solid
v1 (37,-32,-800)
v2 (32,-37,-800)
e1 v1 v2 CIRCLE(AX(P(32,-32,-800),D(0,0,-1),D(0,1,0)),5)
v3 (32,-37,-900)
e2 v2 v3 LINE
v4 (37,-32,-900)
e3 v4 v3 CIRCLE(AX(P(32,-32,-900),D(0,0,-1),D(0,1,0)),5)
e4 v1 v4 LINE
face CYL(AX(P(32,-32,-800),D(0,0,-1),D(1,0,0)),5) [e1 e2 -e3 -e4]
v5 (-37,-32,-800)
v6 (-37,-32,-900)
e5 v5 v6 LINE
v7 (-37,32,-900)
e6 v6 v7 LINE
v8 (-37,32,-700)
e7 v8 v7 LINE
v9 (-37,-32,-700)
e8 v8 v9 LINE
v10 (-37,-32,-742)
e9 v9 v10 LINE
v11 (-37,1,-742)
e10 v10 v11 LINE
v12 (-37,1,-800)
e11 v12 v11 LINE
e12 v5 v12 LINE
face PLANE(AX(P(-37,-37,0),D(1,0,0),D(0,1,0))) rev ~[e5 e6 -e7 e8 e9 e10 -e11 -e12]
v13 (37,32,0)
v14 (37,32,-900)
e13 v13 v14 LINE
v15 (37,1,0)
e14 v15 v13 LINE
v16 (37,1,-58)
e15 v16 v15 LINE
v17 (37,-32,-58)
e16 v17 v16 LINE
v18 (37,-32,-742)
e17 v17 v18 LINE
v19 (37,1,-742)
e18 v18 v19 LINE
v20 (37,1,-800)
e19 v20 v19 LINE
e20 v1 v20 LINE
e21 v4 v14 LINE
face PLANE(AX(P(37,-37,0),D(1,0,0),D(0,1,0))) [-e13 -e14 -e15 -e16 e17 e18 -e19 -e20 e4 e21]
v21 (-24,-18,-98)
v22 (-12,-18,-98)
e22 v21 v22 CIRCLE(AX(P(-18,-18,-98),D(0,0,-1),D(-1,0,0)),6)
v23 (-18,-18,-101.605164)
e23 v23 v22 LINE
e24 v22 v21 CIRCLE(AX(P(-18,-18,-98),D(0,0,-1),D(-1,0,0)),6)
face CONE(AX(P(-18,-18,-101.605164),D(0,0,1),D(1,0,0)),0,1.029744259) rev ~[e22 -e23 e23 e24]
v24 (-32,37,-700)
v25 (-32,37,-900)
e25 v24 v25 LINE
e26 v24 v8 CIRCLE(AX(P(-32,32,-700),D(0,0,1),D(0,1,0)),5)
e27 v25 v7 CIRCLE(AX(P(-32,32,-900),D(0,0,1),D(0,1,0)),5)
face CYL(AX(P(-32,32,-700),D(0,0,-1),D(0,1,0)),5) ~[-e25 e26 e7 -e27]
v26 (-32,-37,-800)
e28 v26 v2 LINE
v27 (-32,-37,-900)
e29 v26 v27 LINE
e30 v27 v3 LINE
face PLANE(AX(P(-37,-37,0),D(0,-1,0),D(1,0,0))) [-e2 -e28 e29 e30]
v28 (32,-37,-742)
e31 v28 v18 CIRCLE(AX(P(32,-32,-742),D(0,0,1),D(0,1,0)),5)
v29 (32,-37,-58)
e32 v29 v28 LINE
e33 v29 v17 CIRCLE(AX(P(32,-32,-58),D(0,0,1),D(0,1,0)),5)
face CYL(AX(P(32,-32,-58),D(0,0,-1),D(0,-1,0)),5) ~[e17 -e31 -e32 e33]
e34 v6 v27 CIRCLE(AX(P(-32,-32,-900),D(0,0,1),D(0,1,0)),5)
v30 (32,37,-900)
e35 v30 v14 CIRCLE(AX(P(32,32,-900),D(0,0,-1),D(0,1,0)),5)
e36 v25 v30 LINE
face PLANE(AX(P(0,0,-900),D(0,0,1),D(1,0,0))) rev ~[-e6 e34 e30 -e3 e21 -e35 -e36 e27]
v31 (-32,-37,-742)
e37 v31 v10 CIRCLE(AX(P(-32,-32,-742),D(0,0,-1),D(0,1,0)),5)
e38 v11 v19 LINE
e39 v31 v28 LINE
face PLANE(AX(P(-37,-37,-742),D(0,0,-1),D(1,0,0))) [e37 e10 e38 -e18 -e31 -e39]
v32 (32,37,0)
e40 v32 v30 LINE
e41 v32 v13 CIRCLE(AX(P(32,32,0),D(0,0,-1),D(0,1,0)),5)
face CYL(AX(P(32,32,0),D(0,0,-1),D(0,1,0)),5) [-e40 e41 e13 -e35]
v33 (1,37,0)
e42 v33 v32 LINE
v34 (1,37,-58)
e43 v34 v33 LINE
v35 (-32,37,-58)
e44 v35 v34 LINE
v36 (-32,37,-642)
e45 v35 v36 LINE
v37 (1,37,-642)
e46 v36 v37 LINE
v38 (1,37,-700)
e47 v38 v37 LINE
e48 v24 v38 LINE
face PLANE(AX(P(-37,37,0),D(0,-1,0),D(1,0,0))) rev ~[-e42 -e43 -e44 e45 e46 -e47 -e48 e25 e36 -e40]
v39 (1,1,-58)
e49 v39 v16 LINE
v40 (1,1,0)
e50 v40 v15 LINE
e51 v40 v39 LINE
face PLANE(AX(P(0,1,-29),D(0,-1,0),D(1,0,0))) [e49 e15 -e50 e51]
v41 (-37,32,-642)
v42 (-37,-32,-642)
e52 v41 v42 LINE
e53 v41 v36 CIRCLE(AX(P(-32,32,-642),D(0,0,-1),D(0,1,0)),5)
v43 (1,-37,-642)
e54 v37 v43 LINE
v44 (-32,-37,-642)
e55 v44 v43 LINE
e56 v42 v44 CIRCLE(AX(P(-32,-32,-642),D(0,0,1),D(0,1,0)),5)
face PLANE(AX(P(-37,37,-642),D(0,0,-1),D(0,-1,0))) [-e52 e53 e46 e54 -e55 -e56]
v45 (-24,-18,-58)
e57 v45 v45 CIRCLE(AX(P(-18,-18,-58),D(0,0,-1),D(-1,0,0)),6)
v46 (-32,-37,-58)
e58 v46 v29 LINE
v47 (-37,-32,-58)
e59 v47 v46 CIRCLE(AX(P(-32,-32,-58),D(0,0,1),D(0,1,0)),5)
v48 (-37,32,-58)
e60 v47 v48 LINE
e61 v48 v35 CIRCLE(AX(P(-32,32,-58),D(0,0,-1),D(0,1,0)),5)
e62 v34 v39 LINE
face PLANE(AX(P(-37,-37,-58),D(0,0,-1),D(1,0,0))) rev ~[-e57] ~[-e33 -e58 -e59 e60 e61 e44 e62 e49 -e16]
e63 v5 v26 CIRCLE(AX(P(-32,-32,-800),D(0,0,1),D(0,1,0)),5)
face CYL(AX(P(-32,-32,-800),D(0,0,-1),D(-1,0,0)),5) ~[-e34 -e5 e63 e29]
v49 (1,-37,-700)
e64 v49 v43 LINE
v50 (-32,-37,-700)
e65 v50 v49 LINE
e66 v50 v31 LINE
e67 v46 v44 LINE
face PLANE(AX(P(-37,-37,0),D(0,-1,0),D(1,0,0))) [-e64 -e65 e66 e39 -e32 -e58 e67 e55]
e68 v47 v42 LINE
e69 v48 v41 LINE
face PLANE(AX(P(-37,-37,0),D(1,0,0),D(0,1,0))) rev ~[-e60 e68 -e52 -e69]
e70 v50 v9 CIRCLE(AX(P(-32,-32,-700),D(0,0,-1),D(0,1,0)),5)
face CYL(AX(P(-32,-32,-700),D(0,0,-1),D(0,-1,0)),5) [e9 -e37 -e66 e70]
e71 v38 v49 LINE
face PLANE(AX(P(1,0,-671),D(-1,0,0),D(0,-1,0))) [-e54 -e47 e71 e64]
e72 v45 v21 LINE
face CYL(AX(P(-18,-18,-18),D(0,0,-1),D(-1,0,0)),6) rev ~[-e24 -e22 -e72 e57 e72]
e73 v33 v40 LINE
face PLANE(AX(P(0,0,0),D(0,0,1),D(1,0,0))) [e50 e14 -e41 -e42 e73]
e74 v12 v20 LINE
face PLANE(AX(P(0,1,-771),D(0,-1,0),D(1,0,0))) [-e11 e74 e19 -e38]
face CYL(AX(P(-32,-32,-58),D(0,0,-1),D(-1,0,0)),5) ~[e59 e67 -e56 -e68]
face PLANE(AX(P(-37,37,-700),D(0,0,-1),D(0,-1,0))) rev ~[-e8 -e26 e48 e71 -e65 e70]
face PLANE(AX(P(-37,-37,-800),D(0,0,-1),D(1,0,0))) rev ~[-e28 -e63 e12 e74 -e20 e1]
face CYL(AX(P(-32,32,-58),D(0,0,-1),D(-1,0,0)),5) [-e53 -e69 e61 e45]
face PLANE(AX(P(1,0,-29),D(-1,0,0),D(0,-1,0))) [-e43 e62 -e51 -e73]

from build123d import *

# Parameters (mm, degrees)
F0_W      = 74
F0_H      = 74
F1_DEPTH  = 900
F2_W      = 74
F2_H      = 58
F4_DEPTH  = 38
F3_W      = 74
F3_H      = 58
F5_DEPTH  = 38
F7_D      = 12
F7_DEPTH  = 40
F7_TIP    = 3.6051637142
F8_W      = 74
F8_H      = 58
F9_DEPTH  = 38
F10_W     = 74
F10_H     = 58
F11_DEPTH = 38
F12_R     = 5


with BuildPart() as f1:
    # F0 (on Top) → F1 (new body)
    with BuildSketch(Plane.XY):
        Rectangle(F0_W, F0_H)
    extrude(amount=-F1_DEPTH)

    # F2 (on face) → F4 (cut)
    with BuildSketch(Plane.XZ.offset(37)):
        with Locations((0, -29)):
            Rectangle(F2_W, F2_H)
    extrude(amount=-F4_DEPTH, mode=Mode.SUBTRACT)

    # F3 (on face) → F5 (cut)
    with BuildSketch(Plane(origin=(-37, 0, 0), x_dir=(0, -1, 0), z_dir=(-1, 0, 0))):
        with Locations((0, -29)):
            Rectangle(F3_W, F3_H)
    extrude(amount=-F5_DEPTH, mode=Mode.SUBTRACT)

    # F7
    with Locations(Plane.XY.offset(-58)):
        with Locations((-18, -18)):
            Hole(F7_D / 2, depth=F7_DEPTH)
            with Locations((0, 0, -(F7_DEPTH + F7_TIP / 2))):  # 118° drill point
                Cone(0, F7_D / 2, F7_TIP, mode=Mode.SUBTRACT)

    # F8 (on face) → F9 (cut)
    with BuildSketch(Plane.XZ.offset(37)):
        with Locations((0, -771)):
            Rectangle(F8_W, F8_H)
    extrude(amount=-F9_DEPTH, mode=Mode.SUBTRACT)

    # F10 (on face) → F11 (cut)
    with BuildSketch(Plane(origin=(-37, 0, 0), x_dir=(0, -1, 0), z_dir=(-1, 0, 0))):
        with Locations((0, -671)):
            Rectangle(F10_W, F10_H)
    extrude(amount=-F11_DEPTH, mode=Mode.SUBTRACT)

    # F12
    f12_edges = [f1.edges().sort_by_distance(p)[0] for p in [
        (-37, -37, -850),
        (-37, -37, -721),
        (-37, -37, -350),
        (-37, 37, -350),
        (-37, 37, -800),
        (37, -37, -850),
        (37, -37, -400),
        (37, 37, -450),
    ]]
    fillet(f12_edges, radius=F12_R)


solid = f1.part
